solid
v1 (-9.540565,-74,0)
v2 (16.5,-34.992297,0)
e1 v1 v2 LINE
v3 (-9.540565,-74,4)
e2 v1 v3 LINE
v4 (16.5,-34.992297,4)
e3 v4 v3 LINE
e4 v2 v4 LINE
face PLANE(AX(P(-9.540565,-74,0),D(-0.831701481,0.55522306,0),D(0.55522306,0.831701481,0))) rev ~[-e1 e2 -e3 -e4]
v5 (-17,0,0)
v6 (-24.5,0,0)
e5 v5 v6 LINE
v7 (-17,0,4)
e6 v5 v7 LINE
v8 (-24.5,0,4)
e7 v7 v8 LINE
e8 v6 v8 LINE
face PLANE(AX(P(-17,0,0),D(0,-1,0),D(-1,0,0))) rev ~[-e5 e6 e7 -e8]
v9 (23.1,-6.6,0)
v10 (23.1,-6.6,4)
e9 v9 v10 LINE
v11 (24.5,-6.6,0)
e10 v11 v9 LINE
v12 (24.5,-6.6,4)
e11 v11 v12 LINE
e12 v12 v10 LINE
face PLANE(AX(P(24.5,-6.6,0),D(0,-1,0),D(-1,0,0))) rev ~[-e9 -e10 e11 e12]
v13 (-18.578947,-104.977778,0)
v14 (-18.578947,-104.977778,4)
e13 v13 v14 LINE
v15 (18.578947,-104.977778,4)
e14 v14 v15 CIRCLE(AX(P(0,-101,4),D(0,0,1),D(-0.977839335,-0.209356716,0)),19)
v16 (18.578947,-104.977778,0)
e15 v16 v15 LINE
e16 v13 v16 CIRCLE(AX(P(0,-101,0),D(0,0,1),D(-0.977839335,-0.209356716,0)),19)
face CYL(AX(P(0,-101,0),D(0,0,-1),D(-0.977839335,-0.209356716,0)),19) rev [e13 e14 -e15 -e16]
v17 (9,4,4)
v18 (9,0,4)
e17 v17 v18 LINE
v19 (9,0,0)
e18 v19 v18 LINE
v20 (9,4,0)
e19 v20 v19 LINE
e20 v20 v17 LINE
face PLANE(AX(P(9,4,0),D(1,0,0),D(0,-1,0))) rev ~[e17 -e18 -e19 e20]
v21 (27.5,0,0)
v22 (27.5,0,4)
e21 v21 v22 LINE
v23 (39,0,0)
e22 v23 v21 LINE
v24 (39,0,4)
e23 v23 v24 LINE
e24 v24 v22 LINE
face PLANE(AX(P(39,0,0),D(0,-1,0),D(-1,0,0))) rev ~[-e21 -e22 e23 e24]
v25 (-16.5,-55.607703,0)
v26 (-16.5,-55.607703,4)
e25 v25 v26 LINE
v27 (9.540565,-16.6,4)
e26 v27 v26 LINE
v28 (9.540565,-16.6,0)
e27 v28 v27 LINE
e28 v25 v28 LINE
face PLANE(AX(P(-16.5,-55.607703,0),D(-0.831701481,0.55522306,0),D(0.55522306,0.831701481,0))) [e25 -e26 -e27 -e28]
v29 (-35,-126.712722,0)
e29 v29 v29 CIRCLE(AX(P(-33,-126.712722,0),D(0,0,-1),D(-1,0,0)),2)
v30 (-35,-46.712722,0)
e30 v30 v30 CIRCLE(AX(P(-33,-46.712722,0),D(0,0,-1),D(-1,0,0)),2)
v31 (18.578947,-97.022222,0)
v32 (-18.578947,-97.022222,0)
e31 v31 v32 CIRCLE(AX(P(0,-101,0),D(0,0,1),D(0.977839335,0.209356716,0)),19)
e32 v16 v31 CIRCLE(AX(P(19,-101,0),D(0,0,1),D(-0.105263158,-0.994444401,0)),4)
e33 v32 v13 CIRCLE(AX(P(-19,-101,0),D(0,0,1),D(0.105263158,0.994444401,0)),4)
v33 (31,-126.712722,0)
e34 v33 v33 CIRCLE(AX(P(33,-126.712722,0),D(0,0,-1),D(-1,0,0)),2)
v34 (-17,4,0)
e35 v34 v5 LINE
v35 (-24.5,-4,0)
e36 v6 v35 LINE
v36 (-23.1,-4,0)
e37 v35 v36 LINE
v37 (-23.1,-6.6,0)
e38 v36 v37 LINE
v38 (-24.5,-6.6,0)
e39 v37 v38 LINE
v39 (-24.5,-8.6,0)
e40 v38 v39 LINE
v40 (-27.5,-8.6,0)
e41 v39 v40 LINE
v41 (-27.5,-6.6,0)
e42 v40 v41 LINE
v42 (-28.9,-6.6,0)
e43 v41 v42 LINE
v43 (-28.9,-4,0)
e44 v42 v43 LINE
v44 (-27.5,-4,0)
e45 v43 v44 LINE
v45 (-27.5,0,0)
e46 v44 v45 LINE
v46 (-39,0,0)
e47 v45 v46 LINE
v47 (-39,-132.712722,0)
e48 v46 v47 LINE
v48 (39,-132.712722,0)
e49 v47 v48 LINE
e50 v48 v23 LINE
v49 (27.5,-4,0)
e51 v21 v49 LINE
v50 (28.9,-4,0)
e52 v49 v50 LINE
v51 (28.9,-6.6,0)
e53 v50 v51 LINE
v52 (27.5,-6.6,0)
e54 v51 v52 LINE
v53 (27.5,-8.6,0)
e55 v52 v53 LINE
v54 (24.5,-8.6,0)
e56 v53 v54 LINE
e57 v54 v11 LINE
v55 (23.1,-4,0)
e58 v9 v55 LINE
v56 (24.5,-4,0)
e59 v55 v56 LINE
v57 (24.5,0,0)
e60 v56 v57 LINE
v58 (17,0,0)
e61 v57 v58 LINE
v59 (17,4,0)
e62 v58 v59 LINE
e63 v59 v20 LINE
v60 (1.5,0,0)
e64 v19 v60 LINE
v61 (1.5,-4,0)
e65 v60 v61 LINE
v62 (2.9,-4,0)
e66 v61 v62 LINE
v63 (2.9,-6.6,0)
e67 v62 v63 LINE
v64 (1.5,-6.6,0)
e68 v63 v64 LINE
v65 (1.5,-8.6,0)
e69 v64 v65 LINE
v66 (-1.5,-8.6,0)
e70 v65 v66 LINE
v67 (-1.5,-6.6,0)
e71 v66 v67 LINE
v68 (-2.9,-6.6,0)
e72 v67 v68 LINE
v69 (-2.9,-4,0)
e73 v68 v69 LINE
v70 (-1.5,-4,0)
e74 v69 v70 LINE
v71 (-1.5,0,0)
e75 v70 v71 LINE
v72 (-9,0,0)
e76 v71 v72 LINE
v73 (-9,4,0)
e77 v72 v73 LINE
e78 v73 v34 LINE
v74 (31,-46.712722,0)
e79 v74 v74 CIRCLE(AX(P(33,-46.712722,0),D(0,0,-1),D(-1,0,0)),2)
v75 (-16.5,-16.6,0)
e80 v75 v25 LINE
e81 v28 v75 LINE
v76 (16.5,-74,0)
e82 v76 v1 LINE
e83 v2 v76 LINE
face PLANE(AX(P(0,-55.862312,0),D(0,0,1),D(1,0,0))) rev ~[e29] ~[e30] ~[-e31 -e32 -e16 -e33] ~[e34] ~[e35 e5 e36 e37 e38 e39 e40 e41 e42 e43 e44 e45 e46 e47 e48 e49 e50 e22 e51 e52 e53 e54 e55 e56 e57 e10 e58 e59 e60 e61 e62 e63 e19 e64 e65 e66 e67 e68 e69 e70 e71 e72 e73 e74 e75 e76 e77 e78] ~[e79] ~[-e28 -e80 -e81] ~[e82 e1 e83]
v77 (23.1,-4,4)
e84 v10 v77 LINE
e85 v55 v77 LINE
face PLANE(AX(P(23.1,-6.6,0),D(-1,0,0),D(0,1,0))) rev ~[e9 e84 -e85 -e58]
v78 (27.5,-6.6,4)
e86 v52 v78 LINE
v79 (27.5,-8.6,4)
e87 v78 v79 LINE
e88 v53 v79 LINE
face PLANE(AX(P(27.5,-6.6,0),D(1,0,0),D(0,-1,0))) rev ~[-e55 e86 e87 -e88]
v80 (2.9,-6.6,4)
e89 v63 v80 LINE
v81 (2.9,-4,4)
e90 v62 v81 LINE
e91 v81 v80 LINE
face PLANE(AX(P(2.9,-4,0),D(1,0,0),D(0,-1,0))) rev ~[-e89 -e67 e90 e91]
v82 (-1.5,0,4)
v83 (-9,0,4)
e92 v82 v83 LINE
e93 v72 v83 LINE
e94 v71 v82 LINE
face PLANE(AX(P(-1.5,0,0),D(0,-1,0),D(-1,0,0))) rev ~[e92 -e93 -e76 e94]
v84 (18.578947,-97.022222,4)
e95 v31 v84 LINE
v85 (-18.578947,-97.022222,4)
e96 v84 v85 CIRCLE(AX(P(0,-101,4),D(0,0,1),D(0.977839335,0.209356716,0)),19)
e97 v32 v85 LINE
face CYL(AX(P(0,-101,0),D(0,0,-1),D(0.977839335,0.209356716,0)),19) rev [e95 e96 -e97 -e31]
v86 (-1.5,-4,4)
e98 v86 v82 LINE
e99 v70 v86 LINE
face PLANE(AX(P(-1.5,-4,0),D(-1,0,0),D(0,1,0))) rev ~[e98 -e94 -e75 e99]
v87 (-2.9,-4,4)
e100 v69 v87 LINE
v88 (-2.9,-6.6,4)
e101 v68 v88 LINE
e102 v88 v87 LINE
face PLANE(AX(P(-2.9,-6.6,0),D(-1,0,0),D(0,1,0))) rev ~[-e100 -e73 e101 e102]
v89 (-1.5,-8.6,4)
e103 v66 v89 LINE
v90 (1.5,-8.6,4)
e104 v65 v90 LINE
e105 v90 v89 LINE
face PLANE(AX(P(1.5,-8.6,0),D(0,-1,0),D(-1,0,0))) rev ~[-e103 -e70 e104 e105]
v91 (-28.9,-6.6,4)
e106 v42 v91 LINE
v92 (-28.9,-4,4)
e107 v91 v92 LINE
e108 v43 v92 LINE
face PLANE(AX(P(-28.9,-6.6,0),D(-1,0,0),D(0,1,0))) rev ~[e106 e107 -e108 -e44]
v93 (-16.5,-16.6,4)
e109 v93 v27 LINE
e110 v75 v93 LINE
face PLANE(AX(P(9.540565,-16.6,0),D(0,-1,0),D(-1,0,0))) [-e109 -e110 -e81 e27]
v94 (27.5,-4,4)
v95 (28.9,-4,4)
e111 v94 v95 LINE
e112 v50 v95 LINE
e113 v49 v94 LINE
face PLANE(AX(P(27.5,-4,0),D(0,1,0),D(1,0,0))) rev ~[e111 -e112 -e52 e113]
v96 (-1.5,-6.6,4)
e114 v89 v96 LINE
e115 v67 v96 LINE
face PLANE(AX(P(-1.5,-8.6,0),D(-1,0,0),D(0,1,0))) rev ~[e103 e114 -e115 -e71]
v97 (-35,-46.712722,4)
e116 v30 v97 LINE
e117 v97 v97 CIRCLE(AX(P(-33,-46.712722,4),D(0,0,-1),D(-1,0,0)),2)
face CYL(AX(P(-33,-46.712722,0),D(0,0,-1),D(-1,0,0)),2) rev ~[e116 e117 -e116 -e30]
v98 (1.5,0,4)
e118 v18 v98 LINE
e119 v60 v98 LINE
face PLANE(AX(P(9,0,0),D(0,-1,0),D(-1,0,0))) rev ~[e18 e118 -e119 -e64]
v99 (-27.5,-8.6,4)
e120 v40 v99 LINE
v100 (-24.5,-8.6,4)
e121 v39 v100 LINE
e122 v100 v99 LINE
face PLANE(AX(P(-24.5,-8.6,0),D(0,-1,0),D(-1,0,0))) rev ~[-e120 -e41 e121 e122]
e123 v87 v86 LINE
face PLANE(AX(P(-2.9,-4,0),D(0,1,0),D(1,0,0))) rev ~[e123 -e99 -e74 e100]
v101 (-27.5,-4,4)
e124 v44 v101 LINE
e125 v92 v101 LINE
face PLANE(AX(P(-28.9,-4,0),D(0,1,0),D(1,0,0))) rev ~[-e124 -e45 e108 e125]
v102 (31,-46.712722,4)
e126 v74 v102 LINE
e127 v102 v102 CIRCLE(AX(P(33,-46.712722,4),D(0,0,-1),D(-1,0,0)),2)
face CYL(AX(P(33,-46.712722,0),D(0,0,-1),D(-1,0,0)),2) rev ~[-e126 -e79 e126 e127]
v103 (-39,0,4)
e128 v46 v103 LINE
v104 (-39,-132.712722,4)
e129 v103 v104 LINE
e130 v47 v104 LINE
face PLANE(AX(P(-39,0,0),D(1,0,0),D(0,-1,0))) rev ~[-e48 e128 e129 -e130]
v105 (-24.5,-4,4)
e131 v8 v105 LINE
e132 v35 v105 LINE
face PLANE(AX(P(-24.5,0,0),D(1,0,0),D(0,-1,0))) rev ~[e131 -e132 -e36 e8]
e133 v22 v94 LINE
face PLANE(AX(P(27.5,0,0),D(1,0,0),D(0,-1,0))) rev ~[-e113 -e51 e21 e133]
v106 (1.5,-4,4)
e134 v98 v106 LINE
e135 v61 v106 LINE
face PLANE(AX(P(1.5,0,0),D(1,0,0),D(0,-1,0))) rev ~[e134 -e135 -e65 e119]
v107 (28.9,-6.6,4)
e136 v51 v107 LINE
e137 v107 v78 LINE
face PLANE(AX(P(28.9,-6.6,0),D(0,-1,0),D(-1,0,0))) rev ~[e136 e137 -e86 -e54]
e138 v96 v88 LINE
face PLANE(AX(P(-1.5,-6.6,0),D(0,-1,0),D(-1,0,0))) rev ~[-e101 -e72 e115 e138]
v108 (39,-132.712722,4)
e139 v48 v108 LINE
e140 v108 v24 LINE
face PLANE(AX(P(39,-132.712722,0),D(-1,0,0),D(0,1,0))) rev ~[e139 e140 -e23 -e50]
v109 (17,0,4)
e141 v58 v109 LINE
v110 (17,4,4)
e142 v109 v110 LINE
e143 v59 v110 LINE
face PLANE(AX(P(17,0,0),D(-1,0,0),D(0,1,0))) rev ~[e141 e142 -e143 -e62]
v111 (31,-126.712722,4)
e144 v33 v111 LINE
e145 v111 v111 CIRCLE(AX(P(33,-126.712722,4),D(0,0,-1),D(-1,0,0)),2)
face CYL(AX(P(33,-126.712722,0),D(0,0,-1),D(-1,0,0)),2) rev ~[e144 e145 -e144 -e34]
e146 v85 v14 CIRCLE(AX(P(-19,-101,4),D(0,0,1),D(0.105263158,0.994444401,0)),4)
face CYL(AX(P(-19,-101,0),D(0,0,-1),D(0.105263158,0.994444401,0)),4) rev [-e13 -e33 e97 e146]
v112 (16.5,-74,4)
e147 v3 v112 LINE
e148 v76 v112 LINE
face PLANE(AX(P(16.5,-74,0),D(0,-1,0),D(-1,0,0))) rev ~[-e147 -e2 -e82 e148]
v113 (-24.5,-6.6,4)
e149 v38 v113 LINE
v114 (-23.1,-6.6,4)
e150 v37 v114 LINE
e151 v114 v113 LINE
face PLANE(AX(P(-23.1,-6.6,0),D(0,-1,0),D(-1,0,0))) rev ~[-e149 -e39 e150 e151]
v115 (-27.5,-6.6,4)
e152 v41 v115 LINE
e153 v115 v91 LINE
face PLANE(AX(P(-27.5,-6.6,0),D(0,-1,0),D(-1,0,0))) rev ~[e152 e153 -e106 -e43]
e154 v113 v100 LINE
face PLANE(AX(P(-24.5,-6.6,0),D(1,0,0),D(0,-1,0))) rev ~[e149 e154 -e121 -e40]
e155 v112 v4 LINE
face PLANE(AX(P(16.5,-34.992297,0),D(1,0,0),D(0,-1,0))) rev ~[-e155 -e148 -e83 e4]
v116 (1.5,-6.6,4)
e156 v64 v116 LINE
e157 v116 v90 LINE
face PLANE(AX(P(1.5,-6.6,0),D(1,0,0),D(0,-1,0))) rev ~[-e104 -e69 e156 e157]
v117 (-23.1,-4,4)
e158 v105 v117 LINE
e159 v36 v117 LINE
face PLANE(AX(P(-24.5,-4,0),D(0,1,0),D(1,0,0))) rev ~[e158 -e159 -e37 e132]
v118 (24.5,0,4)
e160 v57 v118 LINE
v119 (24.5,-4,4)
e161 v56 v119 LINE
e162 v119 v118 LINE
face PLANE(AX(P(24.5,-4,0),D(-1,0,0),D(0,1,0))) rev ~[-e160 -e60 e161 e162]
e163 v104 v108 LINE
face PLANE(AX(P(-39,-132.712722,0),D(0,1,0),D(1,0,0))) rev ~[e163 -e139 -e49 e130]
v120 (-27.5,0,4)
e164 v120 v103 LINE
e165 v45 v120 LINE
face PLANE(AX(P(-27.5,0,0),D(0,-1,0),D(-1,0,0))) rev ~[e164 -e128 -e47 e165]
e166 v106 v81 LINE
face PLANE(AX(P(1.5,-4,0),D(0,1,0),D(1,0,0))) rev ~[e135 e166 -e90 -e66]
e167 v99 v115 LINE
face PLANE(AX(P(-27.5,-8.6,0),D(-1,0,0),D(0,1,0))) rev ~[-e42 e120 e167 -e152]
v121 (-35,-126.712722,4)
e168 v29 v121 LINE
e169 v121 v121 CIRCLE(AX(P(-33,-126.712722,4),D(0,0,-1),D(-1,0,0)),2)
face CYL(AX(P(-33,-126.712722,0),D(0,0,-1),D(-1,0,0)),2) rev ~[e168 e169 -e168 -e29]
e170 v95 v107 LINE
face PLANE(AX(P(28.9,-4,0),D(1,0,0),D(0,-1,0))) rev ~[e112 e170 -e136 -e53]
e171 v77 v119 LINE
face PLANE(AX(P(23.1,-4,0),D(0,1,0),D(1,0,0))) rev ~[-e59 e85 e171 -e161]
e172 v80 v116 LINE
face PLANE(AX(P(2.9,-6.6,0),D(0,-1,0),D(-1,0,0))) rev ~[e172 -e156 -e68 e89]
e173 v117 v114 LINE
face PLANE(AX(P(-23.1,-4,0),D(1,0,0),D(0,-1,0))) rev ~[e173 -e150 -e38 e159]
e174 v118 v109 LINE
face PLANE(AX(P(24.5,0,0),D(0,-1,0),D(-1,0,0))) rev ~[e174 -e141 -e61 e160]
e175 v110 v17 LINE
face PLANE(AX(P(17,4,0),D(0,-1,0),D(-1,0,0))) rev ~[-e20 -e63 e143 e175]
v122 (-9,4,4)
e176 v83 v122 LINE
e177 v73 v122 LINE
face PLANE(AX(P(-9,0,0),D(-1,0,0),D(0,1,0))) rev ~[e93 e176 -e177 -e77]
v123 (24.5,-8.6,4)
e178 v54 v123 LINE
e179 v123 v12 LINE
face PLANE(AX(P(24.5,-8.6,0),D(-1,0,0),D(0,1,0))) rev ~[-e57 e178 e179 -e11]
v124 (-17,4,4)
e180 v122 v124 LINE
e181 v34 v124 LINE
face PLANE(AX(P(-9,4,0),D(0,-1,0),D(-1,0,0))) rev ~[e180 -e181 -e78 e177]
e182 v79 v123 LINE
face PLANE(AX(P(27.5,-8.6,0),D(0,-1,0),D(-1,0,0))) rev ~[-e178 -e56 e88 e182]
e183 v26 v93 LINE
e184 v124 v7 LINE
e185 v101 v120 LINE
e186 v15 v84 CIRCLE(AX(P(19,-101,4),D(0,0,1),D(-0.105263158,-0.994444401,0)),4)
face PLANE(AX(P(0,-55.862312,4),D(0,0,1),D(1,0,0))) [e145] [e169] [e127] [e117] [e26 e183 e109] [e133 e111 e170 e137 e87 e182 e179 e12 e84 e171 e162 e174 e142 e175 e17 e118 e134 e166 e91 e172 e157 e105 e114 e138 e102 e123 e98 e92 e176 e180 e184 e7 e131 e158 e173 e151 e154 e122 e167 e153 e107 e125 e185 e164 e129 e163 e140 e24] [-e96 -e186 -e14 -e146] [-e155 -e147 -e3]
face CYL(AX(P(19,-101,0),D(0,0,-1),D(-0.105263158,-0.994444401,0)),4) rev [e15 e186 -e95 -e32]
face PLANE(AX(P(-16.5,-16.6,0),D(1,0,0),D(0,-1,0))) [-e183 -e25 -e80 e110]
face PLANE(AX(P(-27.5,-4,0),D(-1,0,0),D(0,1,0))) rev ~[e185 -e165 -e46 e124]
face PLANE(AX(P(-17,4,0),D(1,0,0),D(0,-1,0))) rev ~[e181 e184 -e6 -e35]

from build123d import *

# Parameters (mm, degrees)
EXTRUDE_1_DEPTH     = 4
SKETCH_3_R          = 2
CUT_EXTRUDE_1_DEPTH = 10
CUT_EXTRUDE_2_DEPTH = 10


with BuildPart() as part:
    # 草图1 → 凸台-拉伸1 (new body)
    with BuildSketch(Plane.XY):
        Polygon((1.5, 0), (1.5, -4), (2.9, -4), (2.9, -6.6), (1.5, -6.6), (1.5, -8.6), (-1.5, -8.6), (-1.5, -6.6), (-2.9, -6.6), (-2.9, -4), (-1.5, -4), (-1.5, 0), (-9, 0), (-9, 4), (-17, 4), (-17, 0), (-24.5, 0), (-24.5, -4), (-23.1, -4), (-23.1, -6.6), (-24.5, -6.6), (-24.5, -8.6), (-27.5, -8.6), (-27.5, -6.6), (-28.9, -6.6), (-28.9, -4), (-27.5, -4), (-27.5, 0), (-39, 0), (-39, -132.712721559), (39, -132.712721559), (39, 0), (27.5, 0), (27.5, -4), (28.9, -4), (28.9, -6.6), (27.5, -6.6), (27.5, -8.6), (24.5, -8.6), (24.5, -6.6), (23.1, -6.6), (23.1, -4), (24.5, -4), (24.5, 0), (17, 0), (17, 4), (9, 4), (9, 0), align=None)
        with BuildLine():
            ThreePointArc((18.578947368, -97.022222394), (0, -82), (-18.578947368, -97.022222394))
            ThreePointArc((-18.578947368, -97.022222394), (-23, -101), (-18.578947368, -104.977777606))
            ThreePointArc((-18.578947368, -104.977777606), (0, -120), (18.578947368, -104.977777606))
            ThreePointArc((18.578947368, -104.977777606), (23, -101), (18.578947368, -97.022222394))
        make_face(mode=Mode.SUBTRACT)
    extrude(amount=EXTRUDE_1_DEPTH)

    # 草图3 → 切除-拉伸1 (cut)
    with BuildSketch(Plane(origin=(0, 0, 0), x_dir=(-1, 0, 0), z_dir=(0, 0, -1))):
        with Locations((33, -126.712721559)):
            Circle(SKETCH_3_R)
        with Locations((33, -46.712721559)):
            Circle(SKETCH_3_R)
        with Locations((-33, -46.712721559)):
            Circle(SKETCH_3_R)
        with Locations((-33, -126.712721559)):
            Circle(SKETCH_3_R)
    extrude(amount=-CUT_EXTRUDE_1_DEPTH, mode=Mode.SUBTRACT)

    # 草图4 → 切除-拉伸2 (cut)
    with BuildSketch(Plane(origin=(0, 0, 0), x_dir=(-1, 0, 0), z_dir=(0, 0, -1))):
        Polygon((16.5, -16.6), (16.5, -55.607703077), (-9.540564725, -16.6), align=None)
        Polygon((9.540564725, -74), (-16.5, -34.992296923), (-16.5, -74), align=None)
    extrude(amount=-CUT_EXTRUDE_2_DEPTH, mode=Mode.SUBTRACT)


solid = part.part
